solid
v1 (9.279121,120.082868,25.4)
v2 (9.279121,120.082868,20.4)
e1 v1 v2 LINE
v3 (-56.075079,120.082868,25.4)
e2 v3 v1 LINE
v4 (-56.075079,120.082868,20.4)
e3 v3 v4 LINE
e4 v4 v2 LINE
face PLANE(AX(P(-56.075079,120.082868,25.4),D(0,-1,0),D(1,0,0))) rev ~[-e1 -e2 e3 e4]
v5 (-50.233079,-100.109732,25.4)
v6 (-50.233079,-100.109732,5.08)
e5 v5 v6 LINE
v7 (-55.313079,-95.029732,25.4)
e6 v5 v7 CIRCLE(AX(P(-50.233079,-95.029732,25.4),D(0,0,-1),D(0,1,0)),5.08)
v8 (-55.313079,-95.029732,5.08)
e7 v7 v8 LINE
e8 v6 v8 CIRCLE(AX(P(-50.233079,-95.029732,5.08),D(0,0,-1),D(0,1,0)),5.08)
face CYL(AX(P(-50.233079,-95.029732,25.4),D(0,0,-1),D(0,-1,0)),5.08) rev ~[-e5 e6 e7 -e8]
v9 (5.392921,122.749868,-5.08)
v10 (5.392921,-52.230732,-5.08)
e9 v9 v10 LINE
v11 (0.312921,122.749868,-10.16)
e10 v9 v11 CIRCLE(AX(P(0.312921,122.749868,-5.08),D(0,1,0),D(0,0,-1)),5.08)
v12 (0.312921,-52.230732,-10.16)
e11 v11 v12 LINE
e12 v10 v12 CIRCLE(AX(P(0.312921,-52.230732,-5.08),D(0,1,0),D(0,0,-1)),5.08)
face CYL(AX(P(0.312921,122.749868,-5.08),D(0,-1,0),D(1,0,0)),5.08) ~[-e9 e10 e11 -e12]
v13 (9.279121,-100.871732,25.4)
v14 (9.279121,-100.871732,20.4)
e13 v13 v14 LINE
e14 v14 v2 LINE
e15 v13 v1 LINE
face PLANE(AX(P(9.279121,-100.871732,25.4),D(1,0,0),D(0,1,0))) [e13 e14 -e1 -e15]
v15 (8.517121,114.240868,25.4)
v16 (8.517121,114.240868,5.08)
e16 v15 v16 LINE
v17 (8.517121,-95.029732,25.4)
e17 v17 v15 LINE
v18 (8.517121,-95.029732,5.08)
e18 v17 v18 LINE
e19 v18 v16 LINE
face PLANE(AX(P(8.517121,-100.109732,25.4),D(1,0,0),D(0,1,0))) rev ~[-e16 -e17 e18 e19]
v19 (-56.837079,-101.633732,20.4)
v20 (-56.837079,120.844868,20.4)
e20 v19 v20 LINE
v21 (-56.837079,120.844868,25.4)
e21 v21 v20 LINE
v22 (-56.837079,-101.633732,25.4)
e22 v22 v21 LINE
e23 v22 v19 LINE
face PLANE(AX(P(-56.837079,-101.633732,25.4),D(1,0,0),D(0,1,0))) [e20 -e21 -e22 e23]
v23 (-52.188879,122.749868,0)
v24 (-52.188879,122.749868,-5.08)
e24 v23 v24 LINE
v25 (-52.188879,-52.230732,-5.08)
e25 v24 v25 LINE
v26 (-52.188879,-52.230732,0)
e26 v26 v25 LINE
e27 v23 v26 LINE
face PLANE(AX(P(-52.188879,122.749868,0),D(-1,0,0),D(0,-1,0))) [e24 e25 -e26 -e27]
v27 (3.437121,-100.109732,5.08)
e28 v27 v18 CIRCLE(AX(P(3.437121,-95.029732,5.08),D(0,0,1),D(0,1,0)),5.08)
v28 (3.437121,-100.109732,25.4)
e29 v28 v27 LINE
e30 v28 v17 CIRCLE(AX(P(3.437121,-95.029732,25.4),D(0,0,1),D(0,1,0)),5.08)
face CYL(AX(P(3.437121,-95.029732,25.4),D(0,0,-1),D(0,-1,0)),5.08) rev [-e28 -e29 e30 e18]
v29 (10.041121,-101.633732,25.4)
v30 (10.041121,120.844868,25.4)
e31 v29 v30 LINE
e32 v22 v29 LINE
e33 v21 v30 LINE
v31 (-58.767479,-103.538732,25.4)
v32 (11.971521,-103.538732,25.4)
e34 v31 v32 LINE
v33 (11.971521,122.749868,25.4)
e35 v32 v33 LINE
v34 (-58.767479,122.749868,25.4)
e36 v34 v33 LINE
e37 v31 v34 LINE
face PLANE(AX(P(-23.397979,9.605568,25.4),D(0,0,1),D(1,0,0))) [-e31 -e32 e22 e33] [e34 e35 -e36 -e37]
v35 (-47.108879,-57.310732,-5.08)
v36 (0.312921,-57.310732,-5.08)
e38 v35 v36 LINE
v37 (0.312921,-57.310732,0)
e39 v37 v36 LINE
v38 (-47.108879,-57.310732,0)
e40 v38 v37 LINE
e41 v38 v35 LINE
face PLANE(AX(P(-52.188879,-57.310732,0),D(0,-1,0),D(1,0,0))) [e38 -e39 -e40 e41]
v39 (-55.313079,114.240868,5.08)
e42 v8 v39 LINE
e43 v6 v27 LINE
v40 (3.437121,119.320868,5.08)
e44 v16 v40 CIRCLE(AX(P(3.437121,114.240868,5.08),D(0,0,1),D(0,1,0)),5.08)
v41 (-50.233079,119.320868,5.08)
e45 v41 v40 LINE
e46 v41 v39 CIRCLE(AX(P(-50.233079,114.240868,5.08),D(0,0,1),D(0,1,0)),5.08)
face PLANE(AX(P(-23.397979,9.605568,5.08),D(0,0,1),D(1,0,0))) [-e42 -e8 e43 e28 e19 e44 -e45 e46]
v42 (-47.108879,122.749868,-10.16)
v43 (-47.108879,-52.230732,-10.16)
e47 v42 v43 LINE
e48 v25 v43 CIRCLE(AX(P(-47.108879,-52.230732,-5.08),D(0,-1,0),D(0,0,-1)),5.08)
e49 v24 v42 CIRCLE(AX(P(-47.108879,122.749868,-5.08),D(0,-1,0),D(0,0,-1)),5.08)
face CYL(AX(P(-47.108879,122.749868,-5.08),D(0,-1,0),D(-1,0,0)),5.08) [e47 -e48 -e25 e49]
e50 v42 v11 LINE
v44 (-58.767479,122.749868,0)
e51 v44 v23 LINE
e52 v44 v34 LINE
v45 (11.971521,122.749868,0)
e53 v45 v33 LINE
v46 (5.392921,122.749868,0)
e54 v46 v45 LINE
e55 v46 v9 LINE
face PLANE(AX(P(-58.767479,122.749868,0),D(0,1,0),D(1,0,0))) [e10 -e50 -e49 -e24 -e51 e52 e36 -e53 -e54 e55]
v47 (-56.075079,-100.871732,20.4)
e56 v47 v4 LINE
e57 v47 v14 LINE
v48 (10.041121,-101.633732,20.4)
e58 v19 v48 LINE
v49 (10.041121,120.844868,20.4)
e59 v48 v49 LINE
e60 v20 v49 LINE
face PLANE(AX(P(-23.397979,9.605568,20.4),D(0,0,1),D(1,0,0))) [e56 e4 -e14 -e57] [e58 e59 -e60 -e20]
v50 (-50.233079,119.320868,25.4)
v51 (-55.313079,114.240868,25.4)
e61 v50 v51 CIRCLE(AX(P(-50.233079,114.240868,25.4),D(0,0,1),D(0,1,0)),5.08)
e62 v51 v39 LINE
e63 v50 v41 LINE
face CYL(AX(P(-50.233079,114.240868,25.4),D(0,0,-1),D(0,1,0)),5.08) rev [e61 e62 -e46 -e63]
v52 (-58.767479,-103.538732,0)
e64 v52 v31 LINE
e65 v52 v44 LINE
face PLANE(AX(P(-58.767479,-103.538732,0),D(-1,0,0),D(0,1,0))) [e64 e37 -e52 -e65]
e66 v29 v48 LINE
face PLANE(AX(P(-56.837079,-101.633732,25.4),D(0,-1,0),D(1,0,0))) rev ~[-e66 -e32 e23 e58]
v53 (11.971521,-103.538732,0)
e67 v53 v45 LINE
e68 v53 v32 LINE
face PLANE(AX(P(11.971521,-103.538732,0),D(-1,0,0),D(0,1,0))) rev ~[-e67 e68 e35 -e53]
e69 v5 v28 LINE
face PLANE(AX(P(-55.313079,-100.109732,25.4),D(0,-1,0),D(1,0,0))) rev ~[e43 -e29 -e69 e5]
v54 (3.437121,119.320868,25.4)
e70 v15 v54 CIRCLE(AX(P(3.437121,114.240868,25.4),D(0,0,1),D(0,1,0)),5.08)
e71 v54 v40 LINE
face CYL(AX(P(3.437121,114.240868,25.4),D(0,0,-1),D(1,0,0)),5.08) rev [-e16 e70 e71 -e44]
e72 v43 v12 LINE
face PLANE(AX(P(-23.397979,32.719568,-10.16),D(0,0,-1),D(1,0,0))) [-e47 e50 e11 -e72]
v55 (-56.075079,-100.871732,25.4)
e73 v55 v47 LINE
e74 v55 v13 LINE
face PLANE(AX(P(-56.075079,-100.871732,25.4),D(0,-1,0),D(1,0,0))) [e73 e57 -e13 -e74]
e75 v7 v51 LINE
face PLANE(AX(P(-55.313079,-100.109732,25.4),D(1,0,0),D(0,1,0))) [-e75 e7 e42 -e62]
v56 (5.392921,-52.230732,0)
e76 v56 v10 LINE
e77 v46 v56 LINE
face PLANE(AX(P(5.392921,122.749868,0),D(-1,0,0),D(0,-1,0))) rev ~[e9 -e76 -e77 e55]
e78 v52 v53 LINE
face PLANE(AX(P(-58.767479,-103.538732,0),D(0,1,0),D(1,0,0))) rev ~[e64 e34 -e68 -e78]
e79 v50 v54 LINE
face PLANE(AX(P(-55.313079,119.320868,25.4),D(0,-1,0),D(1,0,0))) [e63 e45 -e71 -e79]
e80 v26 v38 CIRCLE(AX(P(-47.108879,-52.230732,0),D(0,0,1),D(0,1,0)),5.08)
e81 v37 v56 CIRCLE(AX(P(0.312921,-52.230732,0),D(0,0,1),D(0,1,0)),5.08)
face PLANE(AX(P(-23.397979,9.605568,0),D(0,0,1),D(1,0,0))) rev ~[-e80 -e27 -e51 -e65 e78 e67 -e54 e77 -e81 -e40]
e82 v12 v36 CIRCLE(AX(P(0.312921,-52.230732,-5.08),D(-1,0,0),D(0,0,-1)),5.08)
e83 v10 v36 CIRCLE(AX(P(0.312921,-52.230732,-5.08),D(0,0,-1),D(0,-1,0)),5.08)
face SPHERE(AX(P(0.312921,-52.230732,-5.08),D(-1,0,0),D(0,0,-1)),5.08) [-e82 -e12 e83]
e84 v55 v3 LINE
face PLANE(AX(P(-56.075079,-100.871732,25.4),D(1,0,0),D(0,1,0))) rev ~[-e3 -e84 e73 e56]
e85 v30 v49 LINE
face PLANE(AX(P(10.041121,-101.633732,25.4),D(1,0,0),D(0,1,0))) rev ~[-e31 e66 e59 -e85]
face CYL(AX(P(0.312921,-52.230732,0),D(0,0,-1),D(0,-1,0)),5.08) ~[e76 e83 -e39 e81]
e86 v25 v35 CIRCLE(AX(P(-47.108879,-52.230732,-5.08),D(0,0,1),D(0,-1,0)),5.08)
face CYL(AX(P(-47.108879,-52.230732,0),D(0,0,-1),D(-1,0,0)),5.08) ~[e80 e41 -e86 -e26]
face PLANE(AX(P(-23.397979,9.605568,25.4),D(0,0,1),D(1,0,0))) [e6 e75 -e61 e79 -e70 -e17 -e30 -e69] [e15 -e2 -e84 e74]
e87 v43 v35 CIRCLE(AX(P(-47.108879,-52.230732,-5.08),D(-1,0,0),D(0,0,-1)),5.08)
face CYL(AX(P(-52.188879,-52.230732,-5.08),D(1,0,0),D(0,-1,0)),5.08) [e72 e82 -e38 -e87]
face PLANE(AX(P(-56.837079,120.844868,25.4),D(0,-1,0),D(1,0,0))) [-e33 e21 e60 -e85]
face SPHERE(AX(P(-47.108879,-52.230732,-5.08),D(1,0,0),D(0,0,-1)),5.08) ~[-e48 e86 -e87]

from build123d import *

# Parameters (mm, degrees)
F0_W     = 70.739
F0_H     = 226.2886
F1_DEPTH = 25.4
F2_W     = 63.8302
F2_H     = 219.4306
F3_DEPTH = 20.32
F4_W     = 57.5818
F4_H     = 180.0606
F5_DEPTH = 10.16
F6_R     = 5.08
F7_W     = 66.8782
F7_H     = 222.4786
F7_W_2   = 65.3542
F7_H_2   = 220.9546
F8_DEPTH = 5


with BuildPart() as f1:
    # F0 (on Top) → F1 (new body)
    with BuildSketch(Plane.XY):
        with Locations((-23.397979, 9.605568)):
            Rectangle(F0_W, F0_H)
    extrude(amount=F1_DEPTH)

    # F2 (on face) → F3 (cut)
    with BuildSketch(Plane.XY.offset(25.4)):
        with Locations((-23.397979, 9.605568)):
            Rectangle(F2_W, F2_H)
    extrude(amount=-F3_DEPTH, mode=Mode.SUBTRACT)

    # F4 (on face) → F5 (join)
    with BuildSketch(Plane(origin=(0, 0, 0), x_dir=(1, 0, 0), z_dir=(0, 0, -1))):
        with Locations((-23.397979, -32.719568)):
            Rectangle(F4_W, F4_H)
    extrude(amount=F5_DEPTH)

    # F6
    f6_edges = [f1.edges().sort_by_distance(p)[0] for p in [
        (-23.397979, -57.310732, -10.16),
        (5.392921, 32.719568, -10.16),
        (-52.188879, 32.719568, -10.16),
        (5.392921, -57.310732, -5.08),
        (-52.188879, -57.310732, -5.08),
        (8.517121, -100.109732, 15.24),
        (8.517121, 119.320868, 15.24),
        (-55.313079, 119.320868, 15.24),
        (-55.313079, -100.109732, 15.24),
    ]]
    fillet(f6_edges, radius=F6_R)

    # F7 (on face) → F8 (cut)
    with BuildSketch(Plane.XY.offset(25.4)):
        with Locations((-23.397979, 9.605568)):
            Rectangle(F7_W, F7_H)
        with Locations((-23.397979, 9.605568)):
            Rectangle(F7_W_2, F7_H_2, mode=Mode.SUBTRACT)
    extrude(amount=-F8_DEPTH, mode=Mode.SUBTRACT)


solid = f1.part
